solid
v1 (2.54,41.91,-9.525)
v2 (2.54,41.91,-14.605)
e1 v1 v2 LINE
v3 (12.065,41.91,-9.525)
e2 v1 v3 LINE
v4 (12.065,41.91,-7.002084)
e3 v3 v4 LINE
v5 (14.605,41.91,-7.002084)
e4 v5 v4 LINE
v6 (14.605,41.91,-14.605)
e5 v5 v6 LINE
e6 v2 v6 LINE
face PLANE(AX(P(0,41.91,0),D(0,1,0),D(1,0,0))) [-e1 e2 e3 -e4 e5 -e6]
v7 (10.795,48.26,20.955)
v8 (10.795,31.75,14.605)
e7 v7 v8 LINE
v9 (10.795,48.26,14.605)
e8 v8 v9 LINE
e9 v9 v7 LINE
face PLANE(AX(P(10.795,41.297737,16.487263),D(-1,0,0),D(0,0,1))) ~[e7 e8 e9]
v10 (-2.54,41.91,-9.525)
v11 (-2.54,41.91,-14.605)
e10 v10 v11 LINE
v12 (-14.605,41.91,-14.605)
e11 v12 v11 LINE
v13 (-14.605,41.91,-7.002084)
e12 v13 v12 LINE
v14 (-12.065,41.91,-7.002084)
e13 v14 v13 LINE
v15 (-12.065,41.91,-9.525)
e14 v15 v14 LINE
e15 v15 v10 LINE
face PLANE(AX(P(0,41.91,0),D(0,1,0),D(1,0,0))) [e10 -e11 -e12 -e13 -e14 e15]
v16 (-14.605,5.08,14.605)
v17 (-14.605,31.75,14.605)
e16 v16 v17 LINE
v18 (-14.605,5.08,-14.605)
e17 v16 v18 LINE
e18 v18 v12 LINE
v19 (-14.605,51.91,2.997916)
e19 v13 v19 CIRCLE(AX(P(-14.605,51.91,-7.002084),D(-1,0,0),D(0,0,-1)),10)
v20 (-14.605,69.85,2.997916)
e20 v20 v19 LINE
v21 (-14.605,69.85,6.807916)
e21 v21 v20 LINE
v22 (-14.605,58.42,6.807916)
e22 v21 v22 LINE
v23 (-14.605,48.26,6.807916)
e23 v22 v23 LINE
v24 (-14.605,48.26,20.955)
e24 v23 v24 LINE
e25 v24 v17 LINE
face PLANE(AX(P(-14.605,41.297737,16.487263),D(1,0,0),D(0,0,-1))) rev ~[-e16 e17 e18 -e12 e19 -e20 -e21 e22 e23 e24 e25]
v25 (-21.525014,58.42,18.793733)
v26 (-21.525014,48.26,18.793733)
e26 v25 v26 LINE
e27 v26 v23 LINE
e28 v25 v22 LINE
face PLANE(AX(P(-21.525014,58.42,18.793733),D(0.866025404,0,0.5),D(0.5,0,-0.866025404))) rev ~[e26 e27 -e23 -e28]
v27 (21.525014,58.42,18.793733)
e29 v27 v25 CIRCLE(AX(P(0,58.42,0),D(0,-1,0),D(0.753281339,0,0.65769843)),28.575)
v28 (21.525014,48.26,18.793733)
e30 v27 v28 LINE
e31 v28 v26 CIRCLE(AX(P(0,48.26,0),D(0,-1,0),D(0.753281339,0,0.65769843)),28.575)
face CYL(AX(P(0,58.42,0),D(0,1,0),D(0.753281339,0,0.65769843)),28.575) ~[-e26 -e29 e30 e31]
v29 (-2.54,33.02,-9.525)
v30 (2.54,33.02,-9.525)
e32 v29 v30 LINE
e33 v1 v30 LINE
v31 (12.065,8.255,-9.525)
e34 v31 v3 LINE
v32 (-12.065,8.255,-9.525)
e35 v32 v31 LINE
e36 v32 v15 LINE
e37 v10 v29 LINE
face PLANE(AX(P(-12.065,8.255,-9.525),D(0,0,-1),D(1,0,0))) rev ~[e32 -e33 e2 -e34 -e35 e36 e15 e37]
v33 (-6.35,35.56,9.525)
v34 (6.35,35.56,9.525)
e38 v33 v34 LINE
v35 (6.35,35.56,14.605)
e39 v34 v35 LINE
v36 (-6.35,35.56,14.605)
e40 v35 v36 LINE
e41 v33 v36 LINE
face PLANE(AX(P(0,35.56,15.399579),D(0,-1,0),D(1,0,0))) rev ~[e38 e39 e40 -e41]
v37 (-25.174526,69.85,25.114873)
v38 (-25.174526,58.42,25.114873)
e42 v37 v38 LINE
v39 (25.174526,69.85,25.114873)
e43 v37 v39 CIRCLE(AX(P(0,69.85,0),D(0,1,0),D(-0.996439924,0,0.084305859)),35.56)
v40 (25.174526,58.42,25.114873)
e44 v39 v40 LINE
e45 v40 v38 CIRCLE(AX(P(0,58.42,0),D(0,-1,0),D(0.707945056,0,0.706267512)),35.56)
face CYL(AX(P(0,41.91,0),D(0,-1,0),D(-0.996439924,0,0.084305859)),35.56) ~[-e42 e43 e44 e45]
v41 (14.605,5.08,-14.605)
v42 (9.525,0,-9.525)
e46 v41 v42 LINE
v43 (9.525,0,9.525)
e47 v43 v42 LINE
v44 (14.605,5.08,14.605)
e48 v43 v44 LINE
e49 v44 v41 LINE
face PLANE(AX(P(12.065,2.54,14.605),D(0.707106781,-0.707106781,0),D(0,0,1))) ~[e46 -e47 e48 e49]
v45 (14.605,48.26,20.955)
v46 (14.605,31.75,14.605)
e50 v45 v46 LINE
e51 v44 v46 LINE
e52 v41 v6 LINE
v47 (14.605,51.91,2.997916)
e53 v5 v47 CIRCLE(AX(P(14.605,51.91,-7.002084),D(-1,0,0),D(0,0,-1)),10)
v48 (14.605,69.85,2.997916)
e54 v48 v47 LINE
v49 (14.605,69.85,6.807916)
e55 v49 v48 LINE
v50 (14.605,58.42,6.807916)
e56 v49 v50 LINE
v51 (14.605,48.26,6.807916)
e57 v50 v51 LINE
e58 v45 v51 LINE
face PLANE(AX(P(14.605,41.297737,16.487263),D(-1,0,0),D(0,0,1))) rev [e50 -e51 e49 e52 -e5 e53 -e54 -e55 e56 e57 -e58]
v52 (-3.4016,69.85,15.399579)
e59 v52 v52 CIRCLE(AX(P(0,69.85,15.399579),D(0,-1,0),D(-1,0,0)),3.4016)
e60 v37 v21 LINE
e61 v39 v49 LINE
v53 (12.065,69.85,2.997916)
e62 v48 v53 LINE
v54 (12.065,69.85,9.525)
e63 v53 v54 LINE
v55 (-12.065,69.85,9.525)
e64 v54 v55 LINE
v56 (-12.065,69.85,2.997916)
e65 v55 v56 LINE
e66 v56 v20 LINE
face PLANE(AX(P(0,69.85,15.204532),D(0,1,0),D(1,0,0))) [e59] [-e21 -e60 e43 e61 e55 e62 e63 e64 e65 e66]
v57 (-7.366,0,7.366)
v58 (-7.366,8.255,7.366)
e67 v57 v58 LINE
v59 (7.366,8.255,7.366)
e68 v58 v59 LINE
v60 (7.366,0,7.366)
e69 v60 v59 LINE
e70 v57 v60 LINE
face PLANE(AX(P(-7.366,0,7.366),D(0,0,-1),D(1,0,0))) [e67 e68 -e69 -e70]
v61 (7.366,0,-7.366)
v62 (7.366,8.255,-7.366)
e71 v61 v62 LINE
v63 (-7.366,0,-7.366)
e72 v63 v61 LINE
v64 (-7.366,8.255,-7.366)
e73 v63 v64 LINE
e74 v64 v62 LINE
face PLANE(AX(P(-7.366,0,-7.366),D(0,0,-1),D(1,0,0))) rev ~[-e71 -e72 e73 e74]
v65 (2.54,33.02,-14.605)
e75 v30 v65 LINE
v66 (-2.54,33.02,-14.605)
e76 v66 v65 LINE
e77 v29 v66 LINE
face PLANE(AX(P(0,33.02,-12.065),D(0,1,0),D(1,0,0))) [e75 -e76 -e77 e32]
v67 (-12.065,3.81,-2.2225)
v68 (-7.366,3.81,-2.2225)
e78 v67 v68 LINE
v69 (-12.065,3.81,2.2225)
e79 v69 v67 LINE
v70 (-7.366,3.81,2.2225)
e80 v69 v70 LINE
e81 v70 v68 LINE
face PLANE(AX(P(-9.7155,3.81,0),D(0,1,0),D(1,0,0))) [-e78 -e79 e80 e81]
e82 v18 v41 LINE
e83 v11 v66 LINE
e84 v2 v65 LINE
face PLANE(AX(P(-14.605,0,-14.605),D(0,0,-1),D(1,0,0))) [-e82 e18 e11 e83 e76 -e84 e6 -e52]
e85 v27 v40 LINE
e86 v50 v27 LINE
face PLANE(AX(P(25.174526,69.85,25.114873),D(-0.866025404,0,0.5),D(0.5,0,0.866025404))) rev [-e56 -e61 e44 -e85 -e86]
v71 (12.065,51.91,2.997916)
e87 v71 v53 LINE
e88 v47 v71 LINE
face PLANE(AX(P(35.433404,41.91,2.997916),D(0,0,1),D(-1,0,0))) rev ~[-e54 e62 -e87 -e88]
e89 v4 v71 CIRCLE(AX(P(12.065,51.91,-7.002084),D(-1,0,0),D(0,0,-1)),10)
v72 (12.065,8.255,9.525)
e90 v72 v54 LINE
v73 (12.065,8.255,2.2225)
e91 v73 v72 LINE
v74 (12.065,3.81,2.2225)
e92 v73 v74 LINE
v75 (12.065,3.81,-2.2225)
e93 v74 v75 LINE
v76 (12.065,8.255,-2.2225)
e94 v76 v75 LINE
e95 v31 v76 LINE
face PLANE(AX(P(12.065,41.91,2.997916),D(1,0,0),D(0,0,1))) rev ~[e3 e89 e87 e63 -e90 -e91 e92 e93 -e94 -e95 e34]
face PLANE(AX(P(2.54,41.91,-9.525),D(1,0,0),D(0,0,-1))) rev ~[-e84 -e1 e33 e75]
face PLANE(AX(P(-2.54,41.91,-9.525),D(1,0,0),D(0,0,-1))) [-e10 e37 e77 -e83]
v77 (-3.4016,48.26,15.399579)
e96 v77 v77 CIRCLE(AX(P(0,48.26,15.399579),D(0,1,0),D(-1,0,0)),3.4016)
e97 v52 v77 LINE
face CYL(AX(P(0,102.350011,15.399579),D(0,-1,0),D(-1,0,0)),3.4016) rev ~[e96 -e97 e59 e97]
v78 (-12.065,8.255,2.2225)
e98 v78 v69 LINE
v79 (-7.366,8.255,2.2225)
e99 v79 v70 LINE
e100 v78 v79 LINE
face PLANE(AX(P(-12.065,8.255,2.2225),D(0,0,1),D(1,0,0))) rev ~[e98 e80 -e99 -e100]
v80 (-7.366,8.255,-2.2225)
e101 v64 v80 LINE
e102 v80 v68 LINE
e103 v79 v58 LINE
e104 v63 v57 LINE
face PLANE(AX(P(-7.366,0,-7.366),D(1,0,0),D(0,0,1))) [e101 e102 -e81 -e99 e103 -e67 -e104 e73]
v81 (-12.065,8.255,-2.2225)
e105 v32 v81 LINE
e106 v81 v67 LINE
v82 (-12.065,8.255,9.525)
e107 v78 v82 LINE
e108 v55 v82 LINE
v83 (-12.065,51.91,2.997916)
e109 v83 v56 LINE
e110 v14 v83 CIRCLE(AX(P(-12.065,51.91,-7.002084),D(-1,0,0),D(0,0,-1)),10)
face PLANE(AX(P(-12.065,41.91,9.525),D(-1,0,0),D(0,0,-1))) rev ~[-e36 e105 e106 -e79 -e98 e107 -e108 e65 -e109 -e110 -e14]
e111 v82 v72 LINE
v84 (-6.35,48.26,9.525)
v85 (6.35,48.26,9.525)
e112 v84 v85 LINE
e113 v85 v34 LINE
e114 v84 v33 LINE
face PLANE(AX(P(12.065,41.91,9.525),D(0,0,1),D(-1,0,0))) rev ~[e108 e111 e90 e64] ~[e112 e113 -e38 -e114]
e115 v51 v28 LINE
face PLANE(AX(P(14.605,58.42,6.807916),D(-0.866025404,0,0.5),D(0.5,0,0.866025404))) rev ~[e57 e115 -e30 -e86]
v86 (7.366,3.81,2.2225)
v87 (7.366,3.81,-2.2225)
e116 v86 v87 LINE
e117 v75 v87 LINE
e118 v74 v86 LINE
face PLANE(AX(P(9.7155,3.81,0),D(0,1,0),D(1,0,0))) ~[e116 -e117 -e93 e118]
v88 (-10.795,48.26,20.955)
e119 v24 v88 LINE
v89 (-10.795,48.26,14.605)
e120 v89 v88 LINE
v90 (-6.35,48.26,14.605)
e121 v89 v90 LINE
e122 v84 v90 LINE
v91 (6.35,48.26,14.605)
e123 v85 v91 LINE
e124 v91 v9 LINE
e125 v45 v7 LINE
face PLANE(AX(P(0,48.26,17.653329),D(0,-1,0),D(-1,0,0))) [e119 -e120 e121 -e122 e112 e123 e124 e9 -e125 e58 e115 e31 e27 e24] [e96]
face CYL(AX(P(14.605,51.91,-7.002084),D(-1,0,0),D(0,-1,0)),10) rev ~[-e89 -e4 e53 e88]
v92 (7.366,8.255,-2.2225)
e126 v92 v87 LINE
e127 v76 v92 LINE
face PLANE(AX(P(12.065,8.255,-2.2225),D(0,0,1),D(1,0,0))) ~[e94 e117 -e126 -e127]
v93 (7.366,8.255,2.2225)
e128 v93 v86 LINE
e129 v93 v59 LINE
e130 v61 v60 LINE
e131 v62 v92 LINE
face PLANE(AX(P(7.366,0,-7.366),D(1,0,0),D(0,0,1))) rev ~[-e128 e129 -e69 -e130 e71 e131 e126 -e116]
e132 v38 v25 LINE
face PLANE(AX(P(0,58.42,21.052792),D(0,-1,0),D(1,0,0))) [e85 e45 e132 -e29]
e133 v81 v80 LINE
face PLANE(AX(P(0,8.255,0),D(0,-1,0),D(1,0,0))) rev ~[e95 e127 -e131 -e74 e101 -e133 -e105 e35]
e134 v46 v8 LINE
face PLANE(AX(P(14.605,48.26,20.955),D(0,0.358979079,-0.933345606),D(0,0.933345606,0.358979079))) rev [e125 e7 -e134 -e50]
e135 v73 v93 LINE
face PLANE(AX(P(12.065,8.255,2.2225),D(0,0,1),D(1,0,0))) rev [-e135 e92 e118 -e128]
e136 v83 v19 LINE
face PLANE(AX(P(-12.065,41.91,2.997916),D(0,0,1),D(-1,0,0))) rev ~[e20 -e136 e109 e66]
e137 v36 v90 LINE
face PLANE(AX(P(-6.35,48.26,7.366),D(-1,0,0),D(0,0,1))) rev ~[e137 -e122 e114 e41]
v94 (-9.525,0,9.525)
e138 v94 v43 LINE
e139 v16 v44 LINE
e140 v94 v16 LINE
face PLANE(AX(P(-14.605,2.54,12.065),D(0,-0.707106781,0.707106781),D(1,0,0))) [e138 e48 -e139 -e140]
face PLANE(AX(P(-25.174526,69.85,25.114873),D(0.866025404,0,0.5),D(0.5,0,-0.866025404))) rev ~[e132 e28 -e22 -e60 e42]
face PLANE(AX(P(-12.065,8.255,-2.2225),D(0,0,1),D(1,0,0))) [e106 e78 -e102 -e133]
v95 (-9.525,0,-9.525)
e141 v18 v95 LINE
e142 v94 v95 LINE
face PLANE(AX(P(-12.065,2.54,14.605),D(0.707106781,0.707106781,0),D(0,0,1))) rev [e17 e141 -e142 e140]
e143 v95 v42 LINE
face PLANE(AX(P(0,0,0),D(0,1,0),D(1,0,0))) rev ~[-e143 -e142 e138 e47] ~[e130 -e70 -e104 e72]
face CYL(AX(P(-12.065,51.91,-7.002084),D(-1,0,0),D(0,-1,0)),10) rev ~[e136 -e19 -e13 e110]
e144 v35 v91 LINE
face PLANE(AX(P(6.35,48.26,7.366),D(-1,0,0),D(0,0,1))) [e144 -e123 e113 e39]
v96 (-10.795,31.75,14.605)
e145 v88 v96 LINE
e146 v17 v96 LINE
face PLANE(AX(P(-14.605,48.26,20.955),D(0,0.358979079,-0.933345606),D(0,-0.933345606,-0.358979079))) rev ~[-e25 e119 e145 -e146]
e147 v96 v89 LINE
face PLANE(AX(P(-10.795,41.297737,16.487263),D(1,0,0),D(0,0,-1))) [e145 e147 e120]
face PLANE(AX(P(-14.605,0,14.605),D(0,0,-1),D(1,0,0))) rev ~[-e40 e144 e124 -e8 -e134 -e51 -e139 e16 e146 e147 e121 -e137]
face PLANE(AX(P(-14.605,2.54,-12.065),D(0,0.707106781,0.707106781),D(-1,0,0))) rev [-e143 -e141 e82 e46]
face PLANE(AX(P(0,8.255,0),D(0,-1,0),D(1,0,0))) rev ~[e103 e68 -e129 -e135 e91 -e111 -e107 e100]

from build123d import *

# Parameters (mm, degrees)
SKETCH1_W                = 29.21
SKETCH1_H                = 29.21
BOSS_EXTRUDE1_DEPTH      = 41.91
SKETCH2_W                = 14.732
SKETCH2_H                = 14.732
CUT_EXTRUDE1_DEPTH       = 8.255
SKETCH3_W                = 24.13
SKETCH3_H                = 19.05
CUT_EXTRUDE2_DEPTH       = 33.655
SKETCH6_W                = 4.699
SKETCH6_H                = 4.445
CUT_EXTRUDE3_DEPTH       = 4.445
BOSS_EXTRUDE2_DEPTH      = 27.94
FILLET1_R                = 10
CHAMFER2_SIZE            = 5.08
CUT_EXTRUDE4_DEPTH       = 27.94
CUT_EXTRUDE5_DEPTH       = 16.51
BOSS_EXTRUDE3_DEPTH      = 10.16
M6_CLEARANCE_HOLE1_D     = 6.8032
M6_CLEARANCE_HOLE1_DEPTH = 32.5000112
M6_CLEARANCE_HOLE1_TIP   = 2.043887482
SKETCH18_W               = 12.7
SKETCH18_H               = 16.067158518
CUT_EXTRUDE9_DEPTH       = 12.7
BOSS_EXTRUDE4_DEPTH      = 3.81
SKETCH19_W               = 5.08
SKETCH19_H               = 5.08
CUT_EXTRUDE10_DEPTH      = 8.89


with BuildPart() as part:
    # Sketch1 → Boss-Extrude1 (new body)
    with BuildSketch(Plane(origin=(0, 0, 0), x_dir=(1, 0, 0), z_dir=(0, 1, 0))):
        Rectangle(SKETCH1_W, SKETCH1_H)
    extrude(amount=BOSS_EXTRUDE1_DEPTH)

    # Sketch2 → Cut-Extrude1 (cut)
    with BuildSketch(Plane.XZ):
        Rectangle(SKETCH2_W, SKETCH2_H)
    extrude(amount=-CUT_EXTRUDE1_DEPTH, mode=Mode.SUBTRACT)

    # Sketch3 → Cut-Extrude2 (cut)
    with BuildSketch(Plane.XZ.offset(-8.255)):
        Rectangle(SKETCH3_W, SKETCH3_H)
    extrude(amount=-CUT_EXTRUDE2_DEPTH, mode=Mode.SUBTRACT)

    # Sketch6 → Cut-Extrude3 (cut)
    with BuildSketch(Plane(origin=(0, 8.255, 0), x_dir=(1, 0, 0), z_dir=(0, 1, 0))):
        with Locations((-9.7155, 0)):
            Rectangle(SKETCH6_W, SKETCH6_H)
    cut_extrude3 = extrude(amount=-CUT_EXTRUDE3_DEPTH, mode=Mode.SUBTRACT)

    # Mirror1: Cut-Extrude3 across plane
    add(cut_extrude3.mirror(Plane(origin=(0, 0, 0), x_dir=(0, 0, 1), z_dir=(1, 0, 0))), mode=Mode.SUBTRACT)

    # Sketch7 → Boss-Extrude2 (add)
    with BuildSketch(Plane(origin=(0, 41.91, 0), x_dir=(1, 0, 0), z_dir=(0, 1, 0))):
        with BuildLine():
            Line((-14.605, -2.997916359), (-35.433403696, -2.997916359))
            ThreePointArc((-35.433403696, -2.997916359), (0, -35.56), (35.433403696, -2.997916359))
            Line((35.433403696, -2.997916359), (14.605, -2.997916359))
            Line((14.605, -2.997916359), (14.605, -14.605))
            Line((14.605, -14.605), (-14.605, -14.605))
            Line((-14.605, -14.605), (-14.605, -2.997916359))
        make_face()
        Polygon((-12.065, -2.997916359), (-14.605, -2.997916359), (-14.605, -14.605), (14.605, -14.605), (14.605, -2.997916359), (12.065, -2.997916359), (12.065, -9.525), (-12.065, -9.525), align=None)
    extrude(amount=BOSS_EXTRUDE2_DEPTH)

    # Fillet1
    fillet1_edges = [part.edges().sort_by_distance(p)[0] for p in [
        (-13.335, 41.91, 2.997916359),
        (13.335, 41.91, 2.997916359),
    ]]
    fillet(fillet1_edges, radius=FILLET1_R)

    # Chamfer2
    chamfer2_edges = [part.edges().sort_by_distance(p)[0] for p in [
        (0, 0, 14.605),
        (-14.605, 0, 0),
        (0, 0, -14.605),
        (14.605, 0, 0),
    ]]
    chamfer(chamfer2_edges, length=CHAMFER2_SIZE)

    # Sketch8 → Cut-Extrude4 (cut)
    with BuildSketch(Plane(origin=(0, 69.85, 0), x_dir=(1, 0, 0), z_dir=(0, 1, 0))):
        with BuildLine():
            Line((-14.605, -2.997916359), (-35.433403696, -2.997916359))
            ThreePointArc((-35.433403696, -2.997916359), (-32.258645828, -14.963066843), (-25.174526181, -25.114872716))
            Line((-25.174526181, -25.114872716), (-14.605, -6.807916359))
            Line((-14.605, -6.807916359), (-14.605, -2.997916359))
        make_face()
    cut_extrude4 = extrude(amount=-CUT_EXTRUDE4_DEPTH, mode=Mode.SUBTRACT)

    # Mirror2: Cut-Extrude4 across plane
    add(cut_extrude4.mirror(Plane(origin=(0, 0, 0), x_dir=(0, 0, 1), z_dir=(1, 0, 0))), mode=Mode.SUBTRACT)

    # Sketch9 → Cut-Extrude5 (cut)
    with BuildSketch(Plane.XZ.offset(-41.91)):
        with BuildLine():
            Line((-14.605, 6.807916359), (-14.605, 14.605))
            Line((-14.605, 14.605), (14.605, 14.605))
            Line((14.605, 14.605), (14.605, 6.807916359))
            Line((14.605, 6.807916359), (25.174526181, 25.114872716))
            ThreePointArc((25.174526181, 25.114872716), (0, 35.56), (-25.174526181, 25.114872716))
            Line((-25.174526181, 25.114872716), (-14.605, 6.807916359))
        make_face()
    extrude(amount=-CUT_EXTRUDE5_DEPTH, mode=Mode.SUBTRACT)

    # Sketch11 → Boss-Extrude3 (add)
    with BuildSketch(Plane(origin=(0, 58.42, 0), x_dir=(-1, 0, 0), z_dir=(0, -1, 0))):
        with BuildLine():
            Line((14.605, -6.807916359), (14.605, -14.605))
            Line((14.605, -14.605), (-14.605, -14.605))
            Line((-14.605, -14.605), (-14.605, -6.807916359))
            Line((-14.605, -6.807916359), (-21.525014254, -18.793732635))
            ThreePointArc((-21.525014254, -18.793732635), (0, -28.575), (21.525014254, -18.793732635))
            Line((21.525014254, -18.793732635), (14.605, -6.807916359))
        make_face()
    extrude(amount=BOSS_EXTRUDE3_DEPTH)

    # M6 Clearance Hole1
    with Locations(Plane(origin=(0, 69.85, 0), x_dir=(1, 0, 0), z_dir=(0, 1, 0))):
        with Locations((0, -15.399579259)):
            Hole(M6_CLEARANCE_HOLE1_D / 2, depth=M6_CLEARANCE_HOLE1_DEPTH)
            with Locations((0, 0, -(M6_CLEARANCE_HOLE1_DEPTH + M6_CLEARANCE_HOLE1_TIP / 2))):  # 118° drill point
                Cone(0, M6_CLEARANCE_HOLE1_D / 2, M6_CLEARANCE_HOLE1_TIP, mode=Mode.SUBTRACT)

    # Sketch18 → Cut-Extrude9 (cut)
    with BuildSketch(Plane.XZ.offset(-48.26)):
        with Locations((0, 15.399579259)):
            Rectangle(SKETCH18_W, SKETCH18_H)
    extrude(amount=CUT_EXTRUDE9_DEPTH, mode=Mode.SUBTRACT)

    # Sketch14 → Boss-Extrude4 (add)
    with BuildSketch(Plane.ZY.offset(14.605)):
        Polygon((14.605, 48.26), (20.955, 48.26), (14.605, 31.75), align=None)
    boss_extrude4 = extrude(amount=-BOSS_EXTRUDE4_DEPTH)

    # Mirror3: Boss-Extrude4 across plane
    add(boss_extrude4.mirror(Plane(origin=(0, 0, 0), x_dir=(0, 0, 1), z_dir=(1, 0, 0))))

    # Sketch19 → Cut-Extrude10 (cut)
    with BuildSketch(Plane(origin=(0, 41.91, 0), x_dir=(1, 0, 0), z_dir=(0, 1, 0))):
        with Locations((0, 12.065)):
            Rectangle(SKETCH19_W, SKETCH19_H)
    extrude(amount=-CUT_EXTRUDE10_DEPTH, mode=Mode.SUBTRACT)


solid = part.part
